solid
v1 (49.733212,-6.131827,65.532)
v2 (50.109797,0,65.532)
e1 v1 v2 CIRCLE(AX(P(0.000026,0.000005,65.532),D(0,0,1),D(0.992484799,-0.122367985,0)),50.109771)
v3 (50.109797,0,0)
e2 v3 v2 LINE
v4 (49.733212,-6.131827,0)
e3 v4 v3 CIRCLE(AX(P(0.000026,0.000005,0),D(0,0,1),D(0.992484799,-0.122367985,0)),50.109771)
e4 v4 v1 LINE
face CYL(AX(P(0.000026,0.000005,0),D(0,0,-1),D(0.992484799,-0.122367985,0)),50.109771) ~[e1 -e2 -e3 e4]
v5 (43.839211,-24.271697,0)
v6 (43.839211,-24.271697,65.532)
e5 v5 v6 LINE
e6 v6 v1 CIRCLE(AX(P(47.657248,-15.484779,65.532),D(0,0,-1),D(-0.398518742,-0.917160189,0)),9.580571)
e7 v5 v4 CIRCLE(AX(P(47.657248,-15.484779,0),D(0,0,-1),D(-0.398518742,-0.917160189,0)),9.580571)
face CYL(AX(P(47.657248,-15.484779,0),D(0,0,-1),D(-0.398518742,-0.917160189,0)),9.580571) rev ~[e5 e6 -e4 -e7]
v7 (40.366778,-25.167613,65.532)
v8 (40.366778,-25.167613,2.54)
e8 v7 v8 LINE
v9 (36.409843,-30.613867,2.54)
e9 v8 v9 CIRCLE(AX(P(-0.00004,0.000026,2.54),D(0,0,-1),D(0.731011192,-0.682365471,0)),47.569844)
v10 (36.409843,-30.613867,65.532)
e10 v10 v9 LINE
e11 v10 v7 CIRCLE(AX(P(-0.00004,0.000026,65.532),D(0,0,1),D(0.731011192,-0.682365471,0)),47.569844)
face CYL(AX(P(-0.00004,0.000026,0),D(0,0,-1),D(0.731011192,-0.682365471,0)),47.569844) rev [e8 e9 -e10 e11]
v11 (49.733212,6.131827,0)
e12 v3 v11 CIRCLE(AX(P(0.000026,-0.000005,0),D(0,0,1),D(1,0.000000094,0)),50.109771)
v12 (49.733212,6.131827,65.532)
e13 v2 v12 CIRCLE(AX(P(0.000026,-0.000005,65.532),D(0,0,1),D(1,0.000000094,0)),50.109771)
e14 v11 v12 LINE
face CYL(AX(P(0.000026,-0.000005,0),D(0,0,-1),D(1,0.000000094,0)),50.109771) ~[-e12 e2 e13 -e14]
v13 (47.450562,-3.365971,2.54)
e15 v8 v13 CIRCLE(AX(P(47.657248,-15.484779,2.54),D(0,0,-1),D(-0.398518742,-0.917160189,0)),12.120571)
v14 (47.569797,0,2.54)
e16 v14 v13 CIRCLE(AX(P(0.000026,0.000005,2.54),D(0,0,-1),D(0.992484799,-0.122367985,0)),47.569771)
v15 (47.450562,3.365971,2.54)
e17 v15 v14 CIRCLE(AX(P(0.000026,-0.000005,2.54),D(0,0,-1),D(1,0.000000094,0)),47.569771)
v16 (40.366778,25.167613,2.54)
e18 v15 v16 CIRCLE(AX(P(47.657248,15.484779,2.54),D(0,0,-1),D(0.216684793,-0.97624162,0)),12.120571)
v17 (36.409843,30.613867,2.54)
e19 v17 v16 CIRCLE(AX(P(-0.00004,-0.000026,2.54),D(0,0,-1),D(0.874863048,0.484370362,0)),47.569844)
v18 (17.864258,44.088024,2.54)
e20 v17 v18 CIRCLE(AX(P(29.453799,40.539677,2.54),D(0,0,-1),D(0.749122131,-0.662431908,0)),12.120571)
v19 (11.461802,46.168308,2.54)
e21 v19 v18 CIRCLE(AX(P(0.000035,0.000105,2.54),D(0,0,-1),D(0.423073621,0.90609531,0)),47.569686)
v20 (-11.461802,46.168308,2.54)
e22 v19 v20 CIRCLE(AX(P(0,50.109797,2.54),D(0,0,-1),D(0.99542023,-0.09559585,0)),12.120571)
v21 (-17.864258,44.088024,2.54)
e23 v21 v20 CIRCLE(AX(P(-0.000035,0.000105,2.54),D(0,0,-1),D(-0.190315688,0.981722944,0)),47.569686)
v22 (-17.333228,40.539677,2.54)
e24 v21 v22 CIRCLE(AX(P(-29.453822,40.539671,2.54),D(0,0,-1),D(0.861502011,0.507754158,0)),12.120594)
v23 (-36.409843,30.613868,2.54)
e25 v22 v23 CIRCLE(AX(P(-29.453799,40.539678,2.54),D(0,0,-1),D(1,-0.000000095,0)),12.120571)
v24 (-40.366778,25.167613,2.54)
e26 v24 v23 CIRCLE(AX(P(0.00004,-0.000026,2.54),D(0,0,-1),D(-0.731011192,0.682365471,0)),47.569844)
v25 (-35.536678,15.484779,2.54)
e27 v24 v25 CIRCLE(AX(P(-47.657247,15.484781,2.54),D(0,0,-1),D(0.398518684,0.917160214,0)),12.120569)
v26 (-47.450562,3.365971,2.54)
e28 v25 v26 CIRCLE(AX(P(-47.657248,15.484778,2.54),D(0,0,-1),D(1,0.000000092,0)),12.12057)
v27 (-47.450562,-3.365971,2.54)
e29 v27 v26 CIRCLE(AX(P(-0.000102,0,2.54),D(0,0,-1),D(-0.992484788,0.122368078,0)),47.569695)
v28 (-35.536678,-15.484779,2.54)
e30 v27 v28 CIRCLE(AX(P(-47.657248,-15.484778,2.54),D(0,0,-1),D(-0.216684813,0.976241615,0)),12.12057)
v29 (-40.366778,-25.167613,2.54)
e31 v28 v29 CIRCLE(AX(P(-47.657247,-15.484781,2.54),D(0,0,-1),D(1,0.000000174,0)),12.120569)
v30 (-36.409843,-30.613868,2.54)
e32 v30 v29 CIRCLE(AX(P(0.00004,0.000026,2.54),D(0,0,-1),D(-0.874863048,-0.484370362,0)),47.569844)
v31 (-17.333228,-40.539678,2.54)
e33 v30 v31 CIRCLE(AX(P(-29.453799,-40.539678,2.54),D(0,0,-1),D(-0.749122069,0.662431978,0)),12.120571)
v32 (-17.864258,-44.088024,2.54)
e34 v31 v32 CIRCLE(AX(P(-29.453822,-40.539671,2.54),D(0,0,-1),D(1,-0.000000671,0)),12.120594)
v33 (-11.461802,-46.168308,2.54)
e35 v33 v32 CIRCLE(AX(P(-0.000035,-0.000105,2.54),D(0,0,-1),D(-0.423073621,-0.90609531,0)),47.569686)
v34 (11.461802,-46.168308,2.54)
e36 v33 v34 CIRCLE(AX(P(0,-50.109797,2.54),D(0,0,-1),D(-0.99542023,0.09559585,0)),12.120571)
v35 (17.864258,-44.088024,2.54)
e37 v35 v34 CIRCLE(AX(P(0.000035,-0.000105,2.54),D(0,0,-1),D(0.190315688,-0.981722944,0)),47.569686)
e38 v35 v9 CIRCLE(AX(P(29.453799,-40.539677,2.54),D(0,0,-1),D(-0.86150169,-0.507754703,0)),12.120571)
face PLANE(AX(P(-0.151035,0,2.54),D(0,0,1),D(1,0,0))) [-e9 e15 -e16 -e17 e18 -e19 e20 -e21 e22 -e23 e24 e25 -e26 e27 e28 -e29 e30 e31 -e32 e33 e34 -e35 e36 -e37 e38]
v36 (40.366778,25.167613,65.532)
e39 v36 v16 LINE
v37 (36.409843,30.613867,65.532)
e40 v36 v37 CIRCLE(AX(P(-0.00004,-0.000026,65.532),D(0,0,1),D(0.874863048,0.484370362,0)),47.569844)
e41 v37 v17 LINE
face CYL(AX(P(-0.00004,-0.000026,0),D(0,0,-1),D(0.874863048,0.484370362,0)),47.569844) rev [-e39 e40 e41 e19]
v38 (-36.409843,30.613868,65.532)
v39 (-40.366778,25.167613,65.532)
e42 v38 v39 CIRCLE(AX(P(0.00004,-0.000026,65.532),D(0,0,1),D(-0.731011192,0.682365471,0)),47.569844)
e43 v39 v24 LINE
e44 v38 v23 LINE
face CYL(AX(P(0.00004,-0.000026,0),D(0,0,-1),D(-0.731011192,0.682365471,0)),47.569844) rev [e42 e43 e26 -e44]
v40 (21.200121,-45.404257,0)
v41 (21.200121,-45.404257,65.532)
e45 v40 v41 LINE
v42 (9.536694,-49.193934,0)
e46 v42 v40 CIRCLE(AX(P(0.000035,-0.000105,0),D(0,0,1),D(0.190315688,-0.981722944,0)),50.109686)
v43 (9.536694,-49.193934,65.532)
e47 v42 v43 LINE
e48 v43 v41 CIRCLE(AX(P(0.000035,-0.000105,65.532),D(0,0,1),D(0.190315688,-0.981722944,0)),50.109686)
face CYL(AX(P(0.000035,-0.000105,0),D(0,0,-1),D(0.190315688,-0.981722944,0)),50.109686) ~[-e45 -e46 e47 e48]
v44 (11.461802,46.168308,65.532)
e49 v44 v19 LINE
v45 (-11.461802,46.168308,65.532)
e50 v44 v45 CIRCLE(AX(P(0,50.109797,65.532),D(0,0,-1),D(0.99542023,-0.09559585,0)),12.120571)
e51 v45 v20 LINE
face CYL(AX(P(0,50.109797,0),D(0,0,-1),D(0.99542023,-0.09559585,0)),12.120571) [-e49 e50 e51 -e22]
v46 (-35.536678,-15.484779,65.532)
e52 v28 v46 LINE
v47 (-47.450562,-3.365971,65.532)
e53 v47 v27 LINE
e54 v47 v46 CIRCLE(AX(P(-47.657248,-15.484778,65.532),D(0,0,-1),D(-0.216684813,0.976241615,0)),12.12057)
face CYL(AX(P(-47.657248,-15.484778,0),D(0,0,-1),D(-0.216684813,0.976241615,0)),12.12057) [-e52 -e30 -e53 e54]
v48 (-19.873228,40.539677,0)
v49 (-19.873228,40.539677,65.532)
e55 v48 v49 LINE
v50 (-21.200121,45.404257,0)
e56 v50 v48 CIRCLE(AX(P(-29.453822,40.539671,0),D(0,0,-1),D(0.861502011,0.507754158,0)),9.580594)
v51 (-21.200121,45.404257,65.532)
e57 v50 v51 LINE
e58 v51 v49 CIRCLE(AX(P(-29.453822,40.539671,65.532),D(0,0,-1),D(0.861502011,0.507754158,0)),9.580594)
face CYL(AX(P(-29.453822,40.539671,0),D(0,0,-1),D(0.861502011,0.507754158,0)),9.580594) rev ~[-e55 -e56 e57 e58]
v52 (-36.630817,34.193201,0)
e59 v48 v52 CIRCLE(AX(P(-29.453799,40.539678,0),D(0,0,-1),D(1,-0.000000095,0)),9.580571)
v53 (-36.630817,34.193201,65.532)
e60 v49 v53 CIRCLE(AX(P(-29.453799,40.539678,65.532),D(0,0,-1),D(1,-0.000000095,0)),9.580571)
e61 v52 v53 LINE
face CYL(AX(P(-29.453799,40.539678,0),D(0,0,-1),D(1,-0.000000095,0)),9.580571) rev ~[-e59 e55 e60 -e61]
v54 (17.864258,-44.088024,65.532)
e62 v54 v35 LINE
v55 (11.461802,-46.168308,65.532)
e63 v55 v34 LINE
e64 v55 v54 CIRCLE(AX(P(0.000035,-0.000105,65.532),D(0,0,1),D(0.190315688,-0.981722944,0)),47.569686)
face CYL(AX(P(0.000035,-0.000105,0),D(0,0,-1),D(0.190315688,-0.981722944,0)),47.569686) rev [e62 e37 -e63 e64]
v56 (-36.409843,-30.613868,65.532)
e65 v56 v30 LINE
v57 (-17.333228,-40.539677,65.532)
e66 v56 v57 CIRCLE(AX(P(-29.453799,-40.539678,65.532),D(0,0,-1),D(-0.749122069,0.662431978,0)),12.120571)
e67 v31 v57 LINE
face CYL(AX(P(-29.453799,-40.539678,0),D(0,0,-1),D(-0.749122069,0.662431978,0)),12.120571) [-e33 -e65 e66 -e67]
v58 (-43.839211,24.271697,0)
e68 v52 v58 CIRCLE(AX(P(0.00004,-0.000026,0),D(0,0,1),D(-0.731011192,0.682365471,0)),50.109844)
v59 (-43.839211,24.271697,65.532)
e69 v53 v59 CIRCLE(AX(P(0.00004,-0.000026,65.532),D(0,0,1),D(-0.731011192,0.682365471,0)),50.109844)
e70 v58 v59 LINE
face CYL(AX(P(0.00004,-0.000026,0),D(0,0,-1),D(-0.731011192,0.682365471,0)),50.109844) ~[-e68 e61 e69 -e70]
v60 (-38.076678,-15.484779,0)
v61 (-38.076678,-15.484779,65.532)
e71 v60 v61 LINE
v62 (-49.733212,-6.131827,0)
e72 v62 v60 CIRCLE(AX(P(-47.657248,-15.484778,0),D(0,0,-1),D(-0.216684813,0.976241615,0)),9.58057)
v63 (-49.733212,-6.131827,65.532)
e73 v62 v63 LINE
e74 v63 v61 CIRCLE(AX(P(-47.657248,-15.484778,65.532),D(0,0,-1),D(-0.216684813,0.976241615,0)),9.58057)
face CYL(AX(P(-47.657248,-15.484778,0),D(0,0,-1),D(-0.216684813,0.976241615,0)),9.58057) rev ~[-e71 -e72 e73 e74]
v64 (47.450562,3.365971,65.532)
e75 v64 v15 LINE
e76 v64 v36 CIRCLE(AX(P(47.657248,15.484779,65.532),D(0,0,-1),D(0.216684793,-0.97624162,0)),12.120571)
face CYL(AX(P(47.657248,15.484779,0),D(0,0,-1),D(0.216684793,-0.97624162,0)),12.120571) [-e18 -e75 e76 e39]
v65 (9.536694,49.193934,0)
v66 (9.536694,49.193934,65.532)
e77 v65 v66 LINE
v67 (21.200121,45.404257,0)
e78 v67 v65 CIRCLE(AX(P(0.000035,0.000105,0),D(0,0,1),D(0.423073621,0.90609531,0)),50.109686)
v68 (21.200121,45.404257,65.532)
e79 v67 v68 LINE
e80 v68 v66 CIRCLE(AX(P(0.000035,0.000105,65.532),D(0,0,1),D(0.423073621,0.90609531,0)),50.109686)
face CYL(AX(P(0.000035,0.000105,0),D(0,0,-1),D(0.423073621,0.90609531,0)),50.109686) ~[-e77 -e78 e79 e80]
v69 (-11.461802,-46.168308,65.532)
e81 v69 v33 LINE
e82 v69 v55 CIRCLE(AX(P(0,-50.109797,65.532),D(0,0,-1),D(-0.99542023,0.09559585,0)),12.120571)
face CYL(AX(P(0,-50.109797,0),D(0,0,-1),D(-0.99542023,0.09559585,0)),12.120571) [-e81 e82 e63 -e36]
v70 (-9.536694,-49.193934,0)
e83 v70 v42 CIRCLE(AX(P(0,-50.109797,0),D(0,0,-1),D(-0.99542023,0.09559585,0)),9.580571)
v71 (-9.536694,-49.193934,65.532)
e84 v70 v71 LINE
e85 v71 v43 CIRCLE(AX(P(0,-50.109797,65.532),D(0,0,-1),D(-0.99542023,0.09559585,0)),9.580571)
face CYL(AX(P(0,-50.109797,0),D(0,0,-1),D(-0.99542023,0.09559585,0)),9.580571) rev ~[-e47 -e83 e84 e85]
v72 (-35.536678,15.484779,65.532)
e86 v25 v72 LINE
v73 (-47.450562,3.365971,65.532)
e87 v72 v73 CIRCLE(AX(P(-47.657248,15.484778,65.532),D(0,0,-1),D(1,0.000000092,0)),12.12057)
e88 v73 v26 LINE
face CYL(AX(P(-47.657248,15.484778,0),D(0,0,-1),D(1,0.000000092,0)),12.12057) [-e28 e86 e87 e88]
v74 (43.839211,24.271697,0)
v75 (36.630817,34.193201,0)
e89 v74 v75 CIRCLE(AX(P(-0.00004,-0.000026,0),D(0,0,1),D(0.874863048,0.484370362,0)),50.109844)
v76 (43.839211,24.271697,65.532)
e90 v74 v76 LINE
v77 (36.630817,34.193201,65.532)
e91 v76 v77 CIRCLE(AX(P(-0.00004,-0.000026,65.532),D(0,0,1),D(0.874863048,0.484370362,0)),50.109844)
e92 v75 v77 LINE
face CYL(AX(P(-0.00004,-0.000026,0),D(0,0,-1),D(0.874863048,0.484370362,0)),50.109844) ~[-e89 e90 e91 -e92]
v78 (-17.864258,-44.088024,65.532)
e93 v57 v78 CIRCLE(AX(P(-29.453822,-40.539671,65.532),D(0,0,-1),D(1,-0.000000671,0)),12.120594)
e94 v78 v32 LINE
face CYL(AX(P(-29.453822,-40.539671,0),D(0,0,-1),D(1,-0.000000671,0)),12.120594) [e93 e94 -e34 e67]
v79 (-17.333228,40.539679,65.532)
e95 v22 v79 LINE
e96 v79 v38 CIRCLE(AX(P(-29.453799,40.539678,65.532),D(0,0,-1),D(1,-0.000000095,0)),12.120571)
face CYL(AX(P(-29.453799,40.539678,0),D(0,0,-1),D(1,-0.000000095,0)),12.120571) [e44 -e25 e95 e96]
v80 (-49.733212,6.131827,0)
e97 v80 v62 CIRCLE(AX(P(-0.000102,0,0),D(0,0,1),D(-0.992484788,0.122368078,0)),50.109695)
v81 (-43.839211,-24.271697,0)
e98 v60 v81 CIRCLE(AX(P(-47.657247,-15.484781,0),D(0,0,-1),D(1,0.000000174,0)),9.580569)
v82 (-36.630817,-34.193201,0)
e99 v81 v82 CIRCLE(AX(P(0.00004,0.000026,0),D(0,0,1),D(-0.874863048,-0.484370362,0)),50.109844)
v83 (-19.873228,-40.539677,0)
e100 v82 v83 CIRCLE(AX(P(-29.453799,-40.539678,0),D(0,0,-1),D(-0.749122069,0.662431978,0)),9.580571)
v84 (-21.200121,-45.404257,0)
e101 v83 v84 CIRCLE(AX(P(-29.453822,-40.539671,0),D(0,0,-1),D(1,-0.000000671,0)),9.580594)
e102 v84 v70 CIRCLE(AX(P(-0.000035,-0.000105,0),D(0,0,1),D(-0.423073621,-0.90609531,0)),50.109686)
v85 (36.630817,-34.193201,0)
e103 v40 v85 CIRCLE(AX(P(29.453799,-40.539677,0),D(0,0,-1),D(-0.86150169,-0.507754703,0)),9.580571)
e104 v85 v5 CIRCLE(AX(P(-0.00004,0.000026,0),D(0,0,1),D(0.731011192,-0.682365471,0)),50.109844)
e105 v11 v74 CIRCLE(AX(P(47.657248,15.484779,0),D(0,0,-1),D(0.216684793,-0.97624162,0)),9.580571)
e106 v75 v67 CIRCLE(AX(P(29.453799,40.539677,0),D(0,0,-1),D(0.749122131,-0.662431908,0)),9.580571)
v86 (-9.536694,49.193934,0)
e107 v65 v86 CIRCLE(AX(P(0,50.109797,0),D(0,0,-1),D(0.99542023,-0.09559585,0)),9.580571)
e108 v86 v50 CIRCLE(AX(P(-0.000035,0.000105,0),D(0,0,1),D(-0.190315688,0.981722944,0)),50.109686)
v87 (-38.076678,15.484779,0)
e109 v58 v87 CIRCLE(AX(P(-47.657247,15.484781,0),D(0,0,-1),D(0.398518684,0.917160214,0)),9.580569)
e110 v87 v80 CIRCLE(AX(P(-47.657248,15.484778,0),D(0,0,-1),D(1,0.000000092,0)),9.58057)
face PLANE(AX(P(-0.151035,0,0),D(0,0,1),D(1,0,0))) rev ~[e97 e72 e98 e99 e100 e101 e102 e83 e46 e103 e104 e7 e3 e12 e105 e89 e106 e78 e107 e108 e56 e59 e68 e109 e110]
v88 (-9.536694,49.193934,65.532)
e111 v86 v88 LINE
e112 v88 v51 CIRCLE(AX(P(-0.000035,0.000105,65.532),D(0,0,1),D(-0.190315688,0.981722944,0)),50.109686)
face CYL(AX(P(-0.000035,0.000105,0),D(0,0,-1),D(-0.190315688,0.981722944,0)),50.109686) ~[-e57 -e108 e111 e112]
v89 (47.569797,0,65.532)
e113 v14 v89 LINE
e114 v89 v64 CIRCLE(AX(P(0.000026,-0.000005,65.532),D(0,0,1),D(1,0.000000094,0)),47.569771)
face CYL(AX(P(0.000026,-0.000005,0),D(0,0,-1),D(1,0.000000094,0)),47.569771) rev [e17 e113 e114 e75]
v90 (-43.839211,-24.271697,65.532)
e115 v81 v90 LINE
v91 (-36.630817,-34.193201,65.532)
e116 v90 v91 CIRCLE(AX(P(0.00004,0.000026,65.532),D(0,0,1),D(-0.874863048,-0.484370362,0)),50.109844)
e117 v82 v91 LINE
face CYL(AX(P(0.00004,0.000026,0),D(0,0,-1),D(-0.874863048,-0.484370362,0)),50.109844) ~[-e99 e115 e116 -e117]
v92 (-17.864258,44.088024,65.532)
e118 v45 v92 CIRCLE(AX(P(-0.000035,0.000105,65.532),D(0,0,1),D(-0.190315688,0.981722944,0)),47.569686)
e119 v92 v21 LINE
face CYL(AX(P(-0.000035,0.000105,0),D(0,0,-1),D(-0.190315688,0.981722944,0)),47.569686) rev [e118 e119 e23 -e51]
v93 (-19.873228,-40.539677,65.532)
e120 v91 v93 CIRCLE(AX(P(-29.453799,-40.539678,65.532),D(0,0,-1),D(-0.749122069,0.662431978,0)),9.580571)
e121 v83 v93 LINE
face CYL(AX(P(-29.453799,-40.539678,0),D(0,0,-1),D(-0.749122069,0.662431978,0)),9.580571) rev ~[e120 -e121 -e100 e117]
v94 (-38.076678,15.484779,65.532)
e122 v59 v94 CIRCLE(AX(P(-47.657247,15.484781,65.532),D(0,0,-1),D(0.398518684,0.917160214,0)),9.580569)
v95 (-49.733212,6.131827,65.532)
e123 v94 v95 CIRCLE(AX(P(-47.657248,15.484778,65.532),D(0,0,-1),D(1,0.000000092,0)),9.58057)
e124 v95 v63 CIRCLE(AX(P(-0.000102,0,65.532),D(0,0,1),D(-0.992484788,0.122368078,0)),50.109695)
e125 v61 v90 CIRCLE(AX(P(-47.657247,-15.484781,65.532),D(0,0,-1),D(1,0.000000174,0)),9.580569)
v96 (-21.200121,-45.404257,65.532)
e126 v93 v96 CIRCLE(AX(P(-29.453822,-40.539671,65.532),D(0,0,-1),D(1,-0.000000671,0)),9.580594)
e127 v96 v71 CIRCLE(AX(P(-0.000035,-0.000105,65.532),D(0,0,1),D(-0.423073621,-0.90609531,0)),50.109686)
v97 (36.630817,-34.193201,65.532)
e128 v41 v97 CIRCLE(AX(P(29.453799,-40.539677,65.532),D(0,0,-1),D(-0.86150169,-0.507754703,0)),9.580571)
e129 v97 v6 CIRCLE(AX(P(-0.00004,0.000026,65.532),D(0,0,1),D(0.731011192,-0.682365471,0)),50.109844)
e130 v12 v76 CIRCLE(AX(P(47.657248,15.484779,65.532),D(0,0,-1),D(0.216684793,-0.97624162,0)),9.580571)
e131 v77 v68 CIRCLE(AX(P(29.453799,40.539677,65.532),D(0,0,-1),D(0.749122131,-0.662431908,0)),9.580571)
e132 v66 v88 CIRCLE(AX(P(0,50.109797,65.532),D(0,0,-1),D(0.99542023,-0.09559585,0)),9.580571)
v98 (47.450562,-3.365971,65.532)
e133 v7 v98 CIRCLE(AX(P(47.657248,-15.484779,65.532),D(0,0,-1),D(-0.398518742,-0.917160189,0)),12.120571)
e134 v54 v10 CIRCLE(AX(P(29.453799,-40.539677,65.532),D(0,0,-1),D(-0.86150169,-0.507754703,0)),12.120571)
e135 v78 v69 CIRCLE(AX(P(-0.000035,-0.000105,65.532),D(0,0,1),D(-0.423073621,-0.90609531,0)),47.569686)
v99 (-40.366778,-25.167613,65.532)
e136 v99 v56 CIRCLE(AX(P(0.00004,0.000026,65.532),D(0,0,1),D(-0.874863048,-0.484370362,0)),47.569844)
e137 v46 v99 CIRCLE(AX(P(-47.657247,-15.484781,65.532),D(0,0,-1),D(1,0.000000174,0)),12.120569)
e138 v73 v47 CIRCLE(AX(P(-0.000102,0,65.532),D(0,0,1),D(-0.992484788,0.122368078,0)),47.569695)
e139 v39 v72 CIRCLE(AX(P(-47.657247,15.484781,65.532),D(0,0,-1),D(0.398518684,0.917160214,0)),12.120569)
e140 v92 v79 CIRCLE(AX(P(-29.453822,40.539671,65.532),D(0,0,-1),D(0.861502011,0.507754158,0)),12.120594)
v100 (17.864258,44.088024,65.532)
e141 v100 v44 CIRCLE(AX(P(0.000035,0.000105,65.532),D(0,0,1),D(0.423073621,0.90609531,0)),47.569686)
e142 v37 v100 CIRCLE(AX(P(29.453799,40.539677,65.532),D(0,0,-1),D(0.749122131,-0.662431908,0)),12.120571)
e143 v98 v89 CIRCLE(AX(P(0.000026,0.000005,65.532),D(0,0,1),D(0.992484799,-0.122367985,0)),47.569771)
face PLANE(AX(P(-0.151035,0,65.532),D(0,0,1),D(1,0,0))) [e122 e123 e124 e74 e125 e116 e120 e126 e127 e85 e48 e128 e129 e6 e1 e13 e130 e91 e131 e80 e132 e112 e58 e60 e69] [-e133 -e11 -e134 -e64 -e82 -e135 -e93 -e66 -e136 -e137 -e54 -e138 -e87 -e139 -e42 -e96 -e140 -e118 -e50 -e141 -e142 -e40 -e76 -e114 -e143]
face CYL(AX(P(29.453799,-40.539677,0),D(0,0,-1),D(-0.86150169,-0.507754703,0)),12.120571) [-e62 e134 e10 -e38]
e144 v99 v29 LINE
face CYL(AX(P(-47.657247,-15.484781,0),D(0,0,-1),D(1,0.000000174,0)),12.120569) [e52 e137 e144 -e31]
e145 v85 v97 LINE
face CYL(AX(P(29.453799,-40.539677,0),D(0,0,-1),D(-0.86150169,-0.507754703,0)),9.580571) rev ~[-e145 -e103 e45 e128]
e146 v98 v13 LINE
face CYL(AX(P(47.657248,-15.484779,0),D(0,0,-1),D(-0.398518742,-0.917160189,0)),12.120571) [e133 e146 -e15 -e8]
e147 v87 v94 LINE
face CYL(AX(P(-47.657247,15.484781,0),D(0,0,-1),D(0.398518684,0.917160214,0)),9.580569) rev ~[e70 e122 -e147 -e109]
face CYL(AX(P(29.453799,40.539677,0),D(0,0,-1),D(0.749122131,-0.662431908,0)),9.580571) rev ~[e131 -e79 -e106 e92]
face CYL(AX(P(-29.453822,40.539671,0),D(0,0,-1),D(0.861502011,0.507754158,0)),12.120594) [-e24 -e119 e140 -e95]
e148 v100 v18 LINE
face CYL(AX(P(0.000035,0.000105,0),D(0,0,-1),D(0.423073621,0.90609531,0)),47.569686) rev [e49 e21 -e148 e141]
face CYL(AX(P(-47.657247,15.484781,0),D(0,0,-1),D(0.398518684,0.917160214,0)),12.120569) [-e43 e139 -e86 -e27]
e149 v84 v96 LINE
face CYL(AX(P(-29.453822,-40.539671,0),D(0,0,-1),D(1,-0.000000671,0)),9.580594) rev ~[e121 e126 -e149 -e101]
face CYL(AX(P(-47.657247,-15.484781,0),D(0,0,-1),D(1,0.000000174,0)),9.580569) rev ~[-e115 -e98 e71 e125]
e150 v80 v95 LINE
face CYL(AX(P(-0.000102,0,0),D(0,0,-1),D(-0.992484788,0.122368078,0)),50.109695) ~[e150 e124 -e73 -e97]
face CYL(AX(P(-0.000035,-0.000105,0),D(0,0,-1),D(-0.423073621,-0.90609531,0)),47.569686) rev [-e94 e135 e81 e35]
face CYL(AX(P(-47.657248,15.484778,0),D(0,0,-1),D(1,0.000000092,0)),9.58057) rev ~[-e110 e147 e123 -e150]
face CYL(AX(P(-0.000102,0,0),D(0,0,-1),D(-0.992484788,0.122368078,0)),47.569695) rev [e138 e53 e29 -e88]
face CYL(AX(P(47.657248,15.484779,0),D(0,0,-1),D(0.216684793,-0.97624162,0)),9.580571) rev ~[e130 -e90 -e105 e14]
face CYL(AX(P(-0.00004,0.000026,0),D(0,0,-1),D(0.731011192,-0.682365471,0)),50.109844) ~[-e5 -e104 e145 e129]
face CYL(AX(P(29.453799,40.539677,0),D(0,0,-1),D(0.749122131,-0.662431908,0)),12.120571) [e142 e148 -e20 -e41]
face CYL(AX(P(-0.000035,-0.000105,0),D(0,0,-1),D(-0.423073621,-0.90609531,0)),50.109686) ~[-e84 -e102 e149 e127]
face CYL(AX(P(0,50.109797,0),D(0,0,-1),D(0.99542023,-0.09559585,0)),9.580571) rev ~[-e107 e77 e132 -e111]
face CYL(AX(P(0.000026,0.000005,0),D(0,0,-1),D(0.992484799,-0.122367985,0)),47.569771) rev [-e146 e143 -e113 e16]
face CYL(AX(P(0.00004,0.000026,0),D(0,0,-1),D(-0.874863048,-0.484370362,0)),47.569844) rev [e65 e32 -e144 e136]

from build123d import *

# Parameters (mm, degrees)
F1_DEPTH = 65.532
F2_T     = -2.54


with BuildPart() as f1:
    # F0 (on Top) → F1 (new body)
    with BuildSketch(Plane.XY):
        with BuildLine():
            ThreePointArc((49.733212, -6.131827), (50.015562, -3.07169), (50.109797, 0))
            ThreePointArc((50.109797, 0), (50.015562, 3.07169), (49.733212, 6.131827))
            ThreePointArc((49.733212, 6.131827), (38.545584, 12.524219), (43.839211, 24.271697))
            ThreePointArc((43.839211, 24.271697), (40.539677, 29.453799), (36.630817, 34.193201))
            ThreePointArc((36.630817, 34.193201), (23.822481, 32.788832), (21.200121, 45.404257))
            ThreePointArc((21.200121, 45.404257), (15.484779, 47.657249), (9.536694, 49.193934))
            ThreePointArc((9.536694, 49.193934), (0, 40.529226), (-9.536694, 49.193934))
            ThreePointArc((-9.536694, 49.193934), (-15.484779, 47.657249), (-21.200121, 45.404257))
            ThreePointArc((-21.200121, 45.404257), (-20.210903, 43.060827), (-19.873228, 40.539677))
            ThreePointArc((-19.873228, 40.539677), (-26.060614, 31.580122), (-36.630817, 34.193201))
            ThreePointArc((-36.630817, 34.193201), (-40.539677, 29.453799), (-43.839211, 24.271697))
            ThreePointArc((-43.839211, 24.271697), (-39.645809, 20.738747), (-38.076678, 15.484779))
            ThreePointArc((-38.076678, 15.484779), (-41.661483, 8.012287), (-49.733212, 6.131827))
            ThreePointArc((-49.733212, 6.131827), (-50.109797, 0), (-49.733212, -6.131827))
            ThreePointArc((-49.733212, -6.131827), (-41.661483, -8.012287), (-38.076678, -15.484779))
            ThreePointArc((-38.076678, -15.484779), (-39.645809, -20.738747), (-43.839211, -24.271697))
            ThreePointArc((-43.839211, -24.271697), (-40.539677, -29.453799), (-36.630817, -34.193201))
            ThreePointArc((-36.630817, -34.193201), (-26.060614, -31.580122), (-19.873228, -40.539677))
            ThreePointArc((-19.873228, -40.539677), (-20.210903, -43.060827), (-21.200121, -45.404257))
            ThreePointArc((-21.200121, -45.404257), (-15.484779, -47.657249), (-9.536694, -49.193934))
            ThreePointArc((-9.536694, -49.193934), (0, -40.529226), (9.536694, -49.193934))
            ThreePointArc((9.536694, -49.193934), (15.484779, -47.657249), (21.200121, -45.404257))
            ThreePointArc((21.200121, -45.404257), (23.822481, -32.788832), (36.630817, -34.193201))
            ThreePointArc((36.630817, -34.193201), (40.539677, -29.453799), (43.839211, -24.271697))
            ThreePointArc((43.839211, -24.271697), (38.545584, -12.524219), (49.733212, -6.131827))
        make_face()
    extrude(amount=F1_DEPTH)

    # F2
    f2_openings = [f1.faces().sort_by_distance(p)[0] for p in [
        (0, 0, 65.532),
    ]]
    offset(amount=F2_T, openings=f2_openings)


solid = f1.part
